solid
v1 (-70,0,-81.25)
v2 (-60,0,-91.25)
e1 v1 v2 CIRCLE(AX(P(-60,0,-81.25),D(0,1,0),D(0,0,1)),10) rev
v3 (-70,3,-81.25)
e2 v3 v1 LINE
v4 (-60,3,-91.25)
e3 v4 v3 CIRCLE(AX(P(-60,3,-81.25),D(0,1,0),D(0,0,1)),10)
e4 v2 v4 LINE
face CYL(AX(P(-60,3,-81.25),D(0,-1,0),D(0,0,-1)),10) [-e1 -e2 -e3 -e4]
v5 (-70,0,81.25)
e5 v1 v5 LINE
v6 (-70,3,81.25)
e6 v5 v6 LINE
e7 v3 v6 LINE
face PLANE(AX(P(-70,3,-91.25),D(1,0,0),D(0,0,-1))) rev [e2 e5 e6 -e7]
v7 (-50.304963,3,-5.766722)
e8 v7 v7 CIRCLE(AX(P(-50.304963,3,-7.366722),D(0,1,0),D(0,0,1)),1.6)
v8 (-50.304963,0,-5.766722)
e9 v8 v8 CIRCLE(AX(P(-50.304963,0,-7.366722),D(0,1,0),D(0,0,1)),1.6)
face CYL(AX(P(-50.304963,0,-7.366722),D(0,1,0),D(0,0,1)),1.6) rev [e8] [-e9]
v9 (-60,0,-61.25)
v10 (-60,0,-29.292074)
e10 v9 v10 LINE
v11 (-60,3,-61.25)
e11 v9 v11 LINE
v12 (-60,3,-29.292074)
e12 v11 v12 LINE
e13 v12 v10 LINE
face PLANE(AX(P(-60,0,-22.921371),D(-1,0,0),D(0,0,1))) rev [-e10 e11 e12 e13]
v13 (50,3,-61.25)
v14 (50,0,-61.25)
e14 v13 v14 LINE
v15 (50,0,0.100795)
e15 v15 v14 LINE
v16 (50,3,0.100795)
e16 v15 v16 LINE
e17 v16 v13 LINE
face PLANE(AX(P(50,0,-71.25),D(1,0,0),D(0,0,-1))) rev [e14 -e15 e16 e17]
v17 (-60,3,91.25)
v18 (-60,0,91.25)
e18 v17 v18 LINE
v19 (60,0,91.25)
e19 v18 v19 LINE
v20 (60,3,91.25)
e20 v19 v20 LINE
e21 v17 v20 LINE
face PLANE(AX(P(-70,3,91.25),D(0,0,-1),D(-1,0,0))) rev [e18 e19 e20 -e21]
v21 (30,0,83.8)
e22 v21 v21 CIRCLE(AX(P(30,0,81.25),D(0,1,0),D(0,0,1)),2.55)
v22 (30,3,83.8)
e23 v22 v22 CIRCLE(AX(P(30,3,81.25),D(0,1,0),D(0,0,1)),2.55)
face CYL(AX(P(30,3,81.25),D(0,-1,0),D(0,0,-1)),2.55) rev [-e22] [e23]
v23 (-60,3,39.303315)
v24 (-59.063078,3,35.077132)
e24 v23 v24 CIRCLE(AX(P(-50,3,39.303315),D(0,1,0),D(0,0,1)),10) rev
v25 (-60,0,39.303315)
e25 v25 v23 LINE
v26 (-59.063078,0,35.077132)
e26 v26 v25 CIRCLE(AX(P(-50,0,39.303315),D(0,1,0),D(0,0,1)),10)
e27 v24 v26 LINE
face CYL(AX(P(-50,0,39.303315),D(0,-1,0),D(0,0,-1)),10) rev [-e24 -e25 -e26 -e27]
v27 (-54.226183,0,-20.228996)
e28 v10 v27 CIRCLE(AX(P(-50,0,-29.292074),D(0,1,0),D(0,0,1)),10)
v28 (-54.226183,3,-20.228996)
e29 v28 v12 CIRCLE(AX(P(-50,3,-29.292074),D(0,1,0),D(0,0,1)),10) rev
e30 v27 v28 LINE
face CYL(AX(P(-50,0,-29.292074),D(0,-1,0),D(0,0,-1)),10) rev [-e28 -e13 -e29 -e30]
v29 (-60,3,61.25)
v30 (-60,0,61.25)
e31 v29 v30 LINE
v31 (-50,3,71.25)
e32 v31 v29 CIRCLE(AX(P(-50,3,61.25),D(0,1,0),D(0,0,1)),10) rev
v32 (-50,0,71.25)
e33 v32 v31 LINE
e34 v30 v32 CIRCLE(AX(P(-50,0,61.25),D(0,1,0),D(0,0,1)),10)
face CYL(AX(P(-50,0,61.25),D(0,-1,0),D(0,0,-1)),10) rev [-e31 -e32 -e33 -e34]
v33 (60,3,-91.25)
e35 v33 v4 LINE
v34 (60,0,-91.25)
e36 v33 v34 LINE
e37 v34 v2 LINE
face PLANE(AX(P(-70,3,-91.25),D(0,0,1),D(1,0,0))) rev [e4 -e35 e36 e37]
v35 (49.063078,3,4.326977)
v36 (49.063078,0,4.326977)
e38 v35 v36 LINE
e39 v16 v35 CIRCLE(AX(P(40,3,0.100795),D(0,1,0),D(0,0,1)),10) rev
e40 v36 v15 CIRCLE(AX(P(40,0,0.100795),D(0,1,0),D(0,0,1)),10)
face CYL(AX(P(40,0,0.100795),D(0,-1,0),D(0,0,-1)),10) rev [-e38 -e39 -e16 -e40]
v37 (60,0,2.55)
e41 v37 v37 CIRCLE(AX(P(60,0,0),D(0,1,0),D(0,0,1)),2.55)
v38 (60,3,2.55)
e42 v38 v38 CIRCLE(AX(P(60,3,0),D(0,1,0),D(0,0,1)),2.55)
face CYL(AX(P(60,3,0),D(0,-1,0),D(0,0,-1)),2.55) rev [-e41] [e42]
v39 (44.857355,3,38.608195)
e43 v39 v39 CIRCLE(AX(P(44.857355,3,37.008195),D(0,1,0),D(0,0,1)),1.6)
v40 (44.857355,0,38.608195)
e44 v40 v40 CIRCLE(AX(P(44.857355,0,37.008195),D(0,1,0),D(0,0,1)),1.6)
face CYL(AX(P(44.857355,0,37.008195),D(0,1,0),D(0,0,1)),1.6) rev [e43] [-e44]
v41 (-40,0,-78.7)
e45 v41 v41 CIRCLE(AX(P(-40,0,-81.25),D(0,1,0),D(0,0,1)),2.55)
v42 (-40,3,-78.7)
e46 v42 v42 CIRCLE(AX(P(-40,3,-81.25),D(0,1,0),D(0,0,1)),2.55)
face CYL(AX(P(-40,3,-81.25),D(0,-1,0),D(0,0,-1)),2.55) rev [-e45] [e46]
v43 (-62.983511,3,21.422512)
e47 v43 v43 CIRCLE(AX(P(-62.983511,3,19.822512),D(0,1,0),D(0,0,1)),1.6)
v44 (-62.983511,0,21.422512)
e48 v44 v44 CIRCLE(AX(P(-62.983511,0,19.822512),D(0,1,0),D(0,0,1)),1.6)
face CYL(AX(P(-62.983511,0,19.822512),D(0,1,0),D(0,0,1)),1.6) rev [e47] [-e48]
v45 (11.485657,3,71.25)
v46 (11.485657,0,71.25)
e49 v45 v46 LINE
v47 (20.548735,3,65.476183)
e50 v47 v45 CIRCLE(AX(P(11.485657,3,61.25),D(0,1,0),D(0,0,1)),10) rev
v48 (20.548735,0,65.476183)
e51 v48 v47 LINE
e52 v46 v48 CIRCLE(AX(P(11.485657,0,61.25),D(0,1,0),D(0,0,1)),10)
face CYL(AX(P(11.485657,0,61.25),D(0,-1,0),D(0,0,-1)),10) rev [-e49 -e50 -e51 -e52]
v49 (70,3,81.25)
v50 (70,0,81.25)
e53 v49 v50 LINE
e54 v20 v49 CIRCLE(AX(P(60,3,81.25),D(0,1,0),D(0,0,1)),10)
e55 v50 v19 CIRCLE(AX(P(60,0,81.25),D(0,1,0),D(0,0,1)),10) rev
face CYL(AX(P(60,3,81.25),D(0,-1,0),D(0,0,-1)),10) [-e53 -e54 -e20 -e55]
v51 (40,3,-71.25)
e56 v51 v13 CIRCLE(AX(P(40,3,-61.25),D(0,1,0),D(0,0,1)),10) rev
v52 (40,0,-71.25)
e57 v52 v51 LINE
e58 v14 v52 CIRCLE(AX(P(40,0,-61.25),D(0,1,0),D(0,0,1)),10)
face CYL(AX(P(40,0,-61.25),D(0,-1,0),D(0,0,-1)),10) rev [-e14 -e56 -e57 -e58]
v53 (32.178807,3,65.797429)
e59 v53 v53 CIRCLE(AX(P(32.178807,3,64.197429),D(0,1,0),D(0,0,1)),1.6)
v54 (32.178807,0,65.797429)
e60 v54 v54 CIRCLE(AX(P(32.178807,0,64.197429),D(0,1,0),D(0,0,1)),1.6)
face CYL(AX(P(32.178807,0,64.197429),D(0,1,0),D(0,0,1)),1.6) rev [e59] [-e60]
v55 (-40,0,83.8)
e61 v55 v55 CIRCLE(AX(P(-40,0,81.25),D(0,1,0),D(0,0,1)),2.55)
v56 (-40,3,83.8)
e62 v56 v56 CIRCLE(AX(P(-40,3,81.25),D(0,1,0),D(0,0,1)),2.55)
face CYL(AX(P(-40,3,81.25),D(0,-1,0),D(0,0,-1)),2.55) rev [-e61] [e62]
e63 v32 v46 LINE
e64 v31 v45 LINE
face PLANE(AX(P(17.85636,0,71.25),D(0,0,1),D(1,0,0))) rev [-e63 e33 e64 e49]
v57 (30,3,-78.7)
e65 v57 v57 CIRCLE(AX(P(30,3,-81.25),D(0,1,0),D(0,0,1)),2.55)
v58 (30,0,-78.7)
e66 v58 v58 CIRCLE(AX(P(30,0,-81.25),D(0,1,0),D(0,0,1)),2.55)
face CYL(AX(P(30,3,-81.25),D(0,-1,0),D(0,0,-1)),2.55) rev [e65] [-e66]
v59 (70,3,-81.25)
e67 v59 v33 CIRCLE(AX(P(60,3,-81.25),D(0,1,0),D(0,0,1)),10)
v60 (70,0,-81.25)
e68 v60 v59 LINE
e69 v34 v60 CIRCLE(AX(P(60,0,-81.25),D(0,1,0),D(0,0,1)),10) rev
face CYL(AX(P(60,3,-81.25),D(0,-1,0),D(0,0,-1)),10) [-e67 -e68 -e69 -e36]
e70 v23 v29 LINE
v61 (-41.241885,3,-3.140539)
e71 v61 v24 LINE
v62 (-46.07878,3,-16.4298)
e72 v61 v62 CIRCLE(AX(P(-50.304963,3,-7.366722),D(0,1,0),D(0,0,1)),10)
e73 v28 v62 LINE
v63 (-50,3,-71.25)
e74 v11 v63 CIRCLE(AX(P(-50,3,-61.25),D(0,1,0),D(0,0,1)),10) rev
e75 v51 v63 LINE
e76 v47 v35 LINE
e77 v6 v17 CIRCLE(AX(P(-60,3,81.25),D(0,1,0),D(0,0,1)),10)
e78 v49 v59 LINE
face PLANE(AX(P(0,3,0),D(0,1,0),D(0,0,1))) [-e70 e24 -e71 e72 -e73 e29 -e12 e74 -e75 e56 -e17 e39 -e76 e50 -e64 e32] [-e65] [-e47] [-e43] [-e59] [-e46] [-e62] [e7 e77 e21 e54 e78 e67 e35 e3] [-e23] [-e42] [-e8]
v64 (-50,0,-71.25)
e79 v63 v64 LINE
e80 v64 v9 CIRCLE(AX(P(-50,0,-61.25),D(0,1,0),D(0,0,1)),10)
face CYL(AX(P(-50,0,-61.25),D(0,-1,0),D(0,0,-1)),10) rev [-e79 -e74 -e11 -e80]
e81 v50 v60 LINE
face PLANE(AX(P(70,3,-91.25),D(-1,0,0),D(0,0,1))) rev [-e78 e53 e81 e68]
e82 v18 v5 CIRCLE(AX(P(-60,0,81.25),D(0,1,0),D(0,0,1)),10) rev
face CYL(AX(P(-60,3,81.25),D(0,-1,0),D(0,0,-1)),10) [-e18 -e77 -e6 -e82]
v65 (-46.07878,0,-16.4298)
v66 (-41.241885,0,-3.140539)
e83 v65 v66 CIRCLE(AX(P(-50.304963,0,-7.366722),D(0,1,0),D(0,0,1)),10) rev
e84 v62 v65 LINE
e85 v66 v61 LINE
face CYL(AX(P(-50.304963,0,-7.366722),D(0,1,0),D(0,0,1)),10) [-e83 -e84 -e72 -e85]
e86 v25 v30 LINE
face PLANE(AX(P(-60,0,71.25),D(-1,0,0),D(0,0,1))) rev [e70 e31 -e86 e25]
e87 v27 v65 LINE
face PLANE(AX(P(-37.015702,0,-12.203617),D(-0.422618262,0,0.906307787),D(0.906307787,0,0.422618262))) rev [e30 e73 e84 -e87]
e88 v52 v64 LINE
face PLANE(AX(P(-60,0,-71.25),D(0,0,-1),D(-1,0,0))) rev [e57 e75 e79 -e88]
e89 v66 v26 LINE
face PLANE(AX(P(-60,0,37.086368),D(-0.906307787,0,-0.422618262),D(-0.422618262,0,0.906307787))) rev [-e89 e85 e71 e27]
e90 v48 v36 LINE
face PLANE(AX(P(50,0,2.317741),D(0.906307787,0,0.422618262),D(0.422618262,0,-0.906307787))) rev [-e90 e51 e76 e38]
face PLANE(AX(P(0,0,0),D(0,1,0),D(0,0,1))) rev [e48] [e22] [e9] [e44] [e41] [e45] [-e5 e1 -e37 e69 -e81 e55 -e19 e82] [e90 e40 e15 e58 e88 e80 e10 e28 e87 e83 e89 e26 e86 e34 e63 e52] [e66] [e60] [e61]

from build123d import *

# Parameters (mm, degrees)
SKETCH_1_W          = 140
SKETCH_1_H          = 182.5
SKETCH_1_R          = 2.55
EXTRUDE_1_DEPTH     = 3
FILLET_1_R          = 10
SKETCH_2_R          = 1.6
CUT_EXTRUDE_1_DEPTH = 116.045914747
CUT_EXTRUDE_2_DEPTH = 116.045914747
FILLET_2_R          = 10


with BuildPart() as part:
    # ｽｹｯﾁ1 → ﾎﾞｽ - 押し出し1 (new body)
    with BuildSketch(Plane(origin=(0, 0, 0), x_dir=(1, 0, 0), z_dir=(0, 1, 0))):
        Rectangle(SKETCH_1_W, SKETCH_1_H)
        with Locations(Location((-40, 81.25, 0), (0, 0, 270))):
            Circle(SKETCH_1_R, mode=Mode.SUBTRACT)
        with Locations(Location((30, 81.25, 0), (0, 0, 270))):
            Circle(SKETCH_1_R, mode=Mode.SUBTRACT)
        with Locations(Location((60, 0, 0), (0, 0, 270))):
            Circle(SKETCH_1_R, mode=Mode.SUBTRACT)
        with Locations(Location((-40, -81.25, 0), (0, 0, 270))):
            Circle(SKETCH_1_R, mode=Mode.SUBTRACT)
        with Locations(Location((30, -81.25, 0), (0, 0, 270))):
            Circle(SKETCH_1_R, mode=Mode.SUBTRACT)
    extrude(amount=EXTRUDE_1_DEPTH)

    # ﾌｨﾚｯﾄ1
    fillet_1_edges = [part.edges().sort_by_distance(p)[0] for p in [
        (70, 1.5, 91.25),
        (-70, 1.5, 91.25),
        (-70, 1.5, -91.25),
        (70, 1.5, -91.25),
    ]]
    fillet(fillet_1_edges, radius=FILLET_1_R)

    # ｽｹｯﾁ2 → ｶｯﾄ - 押し出し1 (cut, through all)
    with BuildSketch(Plane(origin=(0, 3, 0), x_dir=(1, 0, 0), z_dir=(0, 1, 0))):
        with Locations(Location((-50.304962764, 7.366722093, 0), (0, 0, 270))):
            Circle(SKETCH_2_R)
        with Locations(Location((-62.983510616, -19.822511518, 0), (0, 0, 270))):
            Circle(SKETCH_2_R)
        with Locations(Location((44.857354875, -37.008195389, 0), (0, 0, 270))):
            Circle(SKETCH_2_R)
        with Locations(Location((32.178807023, -64.197429, 0), (0, 0, 270))):
            Circle(SKETCH_2_R)
    extrude(amount=-CUT_EXTRUDE_1_DEPTH, mode=Mode.SUBTRACT)

    # ｽｹｯﾁ3 → ｶｯﾄ - 押し出し2 (cut, through all)
    with BuildSketch(Plane(origin=(0, 3, 0), x_dir=(1, 0, 0), z_dir=(0, 1, 0))):
        Polygon((-60, 71.25), (50, 71.25), (50, -2.317741498), (17.856359967, -71.25), (-60, -71.25), (-60, -37.086368186), (-37.015702276, 12.203617346), (-60, 22.921371393), align=None)
    extrude(amount=-CUT_EXTRUDE_2_DEPTH, mode=Mode.SUBTRACT)

    # ﾌｨﾚｯﾄ2
    fillet_2_edges = [part.edges().sort_by_distance(p)[0] for p in [
        (-60, 1.5, -22.921371393),
        (-60, 1.5, -71.25),
        (50, 1.5, -71.25),
        (50, 1.5, 2.317741498),
        (17.856359967, 1.5, 71.25),
        (-60, 1.5, 71.25),
        (-60, 1.5, 37.086368186),
        (-37.015702276, 1.5, -12.203617346),
    ]]
    fillet(fillet_2_edges, radius=FILLET_2_R)


solid = part.part
